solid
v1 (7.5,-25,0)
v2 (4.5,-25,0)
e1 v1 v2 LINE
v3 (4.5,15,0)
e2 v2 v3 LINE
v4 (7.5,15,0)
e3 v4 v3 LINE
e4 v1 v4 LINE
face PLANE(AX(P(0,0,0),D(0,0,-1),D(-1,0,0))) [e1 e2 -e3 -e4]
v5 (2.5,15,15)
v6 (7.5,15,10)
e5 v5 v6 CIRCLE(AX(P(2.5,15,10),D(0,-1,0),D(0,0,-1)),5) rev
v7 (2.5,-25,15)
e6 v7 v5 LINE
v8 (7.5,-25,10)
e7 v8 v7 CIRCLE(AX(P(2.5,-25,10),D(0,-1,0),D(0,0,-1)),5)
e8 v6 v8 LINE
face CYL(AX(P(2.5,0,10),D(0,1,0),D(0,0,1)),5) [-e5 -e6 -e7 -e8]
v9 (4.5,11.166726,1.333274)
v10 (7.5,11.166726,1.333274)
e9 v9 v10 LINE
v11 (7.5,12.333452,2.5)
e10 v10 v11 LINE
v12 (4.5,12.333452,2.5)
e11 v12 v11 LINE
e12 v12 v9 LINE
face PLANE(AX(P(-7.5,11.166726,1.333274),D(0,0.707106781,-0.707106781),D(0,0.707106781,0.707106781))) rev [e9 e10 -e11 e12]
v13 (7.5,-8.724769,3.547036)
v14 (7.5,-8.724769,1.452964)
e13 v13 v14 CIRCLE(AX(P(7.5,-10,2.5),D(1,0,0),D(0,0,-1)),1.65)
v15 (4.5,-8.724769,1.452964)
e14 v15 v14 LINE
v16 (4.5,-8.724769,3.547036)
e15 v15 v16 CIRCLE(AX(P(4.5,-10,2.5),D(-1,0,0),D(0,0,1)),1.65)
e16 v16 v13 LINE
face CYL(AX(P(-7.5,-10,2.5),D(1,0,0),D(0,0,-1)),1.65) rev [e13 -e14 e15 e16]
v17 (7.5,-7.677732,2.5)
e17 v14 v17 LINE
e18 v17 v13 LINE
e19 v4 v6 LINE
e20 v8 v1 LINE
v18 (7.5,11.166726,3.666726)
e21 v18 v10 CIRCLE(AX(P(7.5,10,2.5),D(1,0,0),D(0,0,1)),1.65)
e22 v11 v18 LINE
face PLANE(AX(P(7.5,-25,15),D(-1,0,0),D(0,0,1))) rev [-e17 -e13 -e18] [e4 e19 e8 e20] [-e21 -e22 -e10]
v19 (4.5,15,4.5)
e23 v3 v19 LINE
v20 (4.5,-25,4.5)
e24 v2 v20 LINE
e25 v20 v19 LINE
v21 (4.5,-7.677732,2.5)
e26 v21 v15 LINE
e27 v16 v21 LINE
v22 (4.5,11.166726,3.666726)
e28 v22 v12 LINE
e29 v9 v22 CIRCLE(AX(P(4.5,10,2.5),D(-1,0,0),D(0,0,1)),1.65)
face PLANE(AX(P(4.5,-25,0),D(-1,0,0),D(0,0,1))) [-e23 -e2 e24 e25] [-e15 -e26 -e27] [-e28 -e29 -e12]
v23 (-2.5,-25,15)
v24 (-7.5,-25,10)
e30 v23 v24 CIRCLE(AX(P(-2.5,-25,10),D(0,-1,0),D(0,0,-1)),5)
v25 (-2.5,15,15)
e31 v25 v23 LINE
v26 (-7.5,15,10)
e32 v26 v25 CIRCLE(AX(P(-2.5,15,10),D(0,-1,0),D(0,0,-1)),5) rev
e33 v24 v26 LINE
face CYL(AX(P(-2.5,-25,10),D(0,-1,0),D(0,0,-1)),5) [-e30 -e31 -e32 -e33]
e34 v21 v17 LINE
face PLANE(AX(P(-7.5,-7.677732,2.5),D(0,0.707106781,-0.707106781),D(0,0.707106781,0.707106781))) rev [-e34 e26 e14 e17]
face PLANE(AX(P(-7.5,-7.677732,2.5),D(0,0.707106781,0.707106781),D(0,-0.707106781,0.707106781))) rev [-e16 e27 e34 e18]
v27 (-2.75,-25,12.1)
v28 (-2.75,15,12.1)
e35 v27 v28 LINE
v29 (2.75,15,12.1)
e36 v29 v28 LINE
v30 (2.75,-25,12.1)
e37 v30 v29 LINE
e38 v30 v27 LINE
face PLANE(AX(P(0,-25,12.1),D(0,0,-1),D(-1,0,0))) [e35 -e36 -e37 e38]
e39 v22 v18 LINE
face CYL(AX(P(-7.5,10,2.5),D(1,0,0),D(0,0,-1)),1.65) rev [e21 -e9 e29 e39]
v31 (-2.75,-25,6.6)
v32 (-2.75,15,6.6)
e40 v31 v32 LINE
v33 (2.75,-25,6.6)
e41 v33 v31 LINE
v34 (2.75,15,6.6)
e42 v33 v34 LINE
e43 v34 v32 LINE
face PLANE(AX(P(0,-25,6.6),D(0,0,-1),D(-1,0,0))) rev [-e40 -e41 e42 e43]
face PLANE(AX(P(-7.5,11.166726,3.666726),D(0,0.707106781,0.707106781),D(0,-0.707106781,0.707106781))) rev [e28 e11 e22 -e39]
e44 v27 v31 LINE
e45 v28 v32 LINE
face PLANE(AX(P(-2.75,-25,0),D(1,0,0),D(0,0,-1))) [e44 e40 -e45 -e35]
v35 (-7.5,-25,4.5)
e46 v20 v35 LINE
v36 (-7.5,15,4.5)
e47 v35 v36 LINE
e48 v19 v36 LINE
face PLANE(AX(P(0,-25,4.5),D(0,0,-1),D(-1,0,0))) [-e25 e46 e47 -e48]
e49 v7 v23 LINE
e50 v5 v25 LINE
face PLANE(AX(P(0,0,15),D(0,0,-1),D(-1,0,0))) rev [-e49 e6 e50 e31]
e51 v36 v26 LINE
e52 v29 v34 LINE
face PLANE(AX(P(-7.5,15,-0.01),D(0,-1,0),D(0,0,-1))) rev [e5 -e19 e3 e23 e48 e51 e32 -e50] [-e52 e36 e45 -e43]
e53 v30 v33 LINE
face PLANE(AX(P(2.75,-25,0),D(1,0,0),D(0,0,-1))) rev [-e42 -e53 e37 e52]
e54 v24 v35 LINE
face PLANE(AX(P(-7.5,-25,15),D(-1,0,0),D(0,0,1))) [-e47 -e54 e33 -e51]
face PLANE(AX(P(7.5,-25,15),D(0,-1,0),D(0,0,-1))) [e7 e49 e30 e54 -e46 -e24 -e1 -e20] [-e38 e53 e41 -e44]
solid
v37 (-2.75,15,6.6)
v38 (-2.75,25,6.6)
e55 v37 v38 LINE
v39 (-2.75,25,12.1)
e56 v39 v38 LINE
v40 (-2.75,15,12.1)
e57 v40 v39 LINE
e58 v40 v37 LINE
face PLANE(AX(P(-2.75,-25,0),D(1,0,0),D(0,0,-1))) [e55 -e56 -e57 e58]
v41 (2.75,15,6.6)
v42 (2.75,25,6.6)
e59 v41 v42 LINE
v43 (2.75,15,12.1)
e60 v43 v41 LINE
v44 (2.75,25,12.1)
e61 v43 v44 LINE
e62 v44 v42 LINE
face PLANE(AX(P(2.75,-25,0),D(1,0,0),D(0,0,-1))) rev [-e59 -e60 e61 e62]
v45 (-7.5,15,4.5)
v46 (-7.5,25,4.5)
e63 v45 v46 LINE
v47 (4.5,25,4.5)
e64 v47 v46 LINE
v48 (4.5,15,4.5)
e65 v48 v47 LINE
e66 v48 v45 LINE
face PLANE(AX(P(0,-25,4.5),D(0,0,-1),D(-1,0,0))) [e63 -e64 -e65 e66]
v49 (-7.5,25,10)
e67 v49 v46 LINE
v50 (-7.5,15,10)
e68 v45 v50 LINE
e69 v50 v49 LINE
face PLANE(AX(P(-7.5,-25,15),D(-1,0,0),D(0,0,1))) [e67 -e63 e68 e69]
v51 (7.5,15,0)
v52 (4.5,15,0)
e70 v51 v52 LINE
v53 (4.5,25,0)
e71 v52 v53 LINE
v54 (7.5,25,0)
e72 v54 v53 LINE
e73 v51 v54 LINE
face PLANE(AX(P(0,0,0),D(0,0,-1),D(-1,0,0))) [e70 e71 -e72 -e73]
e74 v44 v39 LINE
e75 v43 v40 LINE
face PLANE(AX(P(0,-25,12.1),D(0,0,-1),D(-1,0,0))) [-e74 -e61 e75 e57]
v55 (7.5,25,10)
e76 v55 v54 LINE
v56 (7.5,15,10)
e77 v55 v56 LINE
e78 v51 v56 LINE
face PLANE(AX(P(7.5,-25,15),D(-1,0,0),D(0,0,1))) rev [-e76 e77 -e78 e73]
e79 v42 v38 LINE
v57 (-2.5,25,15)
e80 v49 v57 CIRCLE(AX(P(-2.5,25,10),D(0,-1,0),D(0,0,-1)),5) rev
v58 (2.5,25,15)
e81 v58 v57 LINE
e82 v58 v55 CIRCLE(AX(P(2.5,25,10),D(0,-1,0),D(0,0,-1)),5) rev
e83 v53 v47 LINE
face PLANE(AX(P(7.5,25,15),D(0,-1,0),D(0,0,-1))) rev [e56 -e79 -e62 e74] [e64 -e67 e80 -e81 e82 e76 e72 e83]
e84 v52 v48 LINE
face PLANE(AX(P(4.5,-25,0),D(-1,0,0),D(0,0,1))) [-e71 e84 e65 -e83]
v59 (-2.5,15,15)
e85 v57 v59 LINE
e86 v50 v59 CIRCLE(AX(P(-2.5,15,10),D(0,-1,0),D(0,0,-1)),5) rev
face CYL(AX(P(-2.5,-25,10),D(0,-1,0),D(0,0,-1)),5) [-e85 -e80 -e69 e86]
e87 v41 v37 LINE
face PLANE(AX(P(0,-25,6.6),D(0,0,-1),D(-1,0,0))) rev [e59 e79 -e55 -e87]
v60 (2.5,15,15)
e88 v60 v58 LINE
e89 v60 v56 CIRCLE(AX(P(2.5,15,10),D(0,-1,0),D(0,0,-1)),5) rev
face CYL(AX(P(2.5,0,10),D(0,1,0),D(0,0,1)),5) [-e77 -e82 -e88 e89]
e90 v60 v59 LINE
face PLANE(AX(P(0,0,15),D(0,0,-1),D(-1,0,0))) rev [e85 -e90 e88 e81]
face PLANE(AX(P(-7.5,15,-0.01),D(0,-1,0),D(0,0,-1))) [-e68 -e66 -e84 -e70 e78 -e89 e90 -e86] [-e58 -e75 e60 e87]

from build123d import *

# Parameters (mm, degrees)
SKETCH1_W              = 50
SKETCH1_H              = 15
BOSS_EXTRUDE1_DEPTH    = 15
SKETCH2_W              = 5.5
SKETCH2_H              = 5.5
SKETCH2_W_2            = 9
SKETCH2_H_2            = 4.5
CUT_EXTRUDE1_DEPTH     = 53.737557774
CUT_EXTRUDE2_DEPTH     = 33.787192622
FILLET1_R              = 5
SPLIT1_SURFACE_1_BACK  = 55.314
SPLIT1_SURFACE_1_DEPTH = 110.628
SPLIT1_SURFACE_2_BACK  = 55.314
SPLIT1_SURFACE_2_DEPTH = 110.628
SKETCH5_W              = 3
SKETCH5_H              = 4.5
CUT_EXTRUDE3_DEPTH     = 53.737557774


with BuildPart() as part:
    # Sketch1 → Boss-Extrude1 (new body)
    with BuildSketch(Plane(origin=(0, 0, 0), x_dir=(0, 1, 0), z_dir=(0, 0, 1))):
        Rectangle(SKETCH1_W, SKETCH1_H)
    extrude(amount=BOSS_EXTRUDE1_DEPTH)

    # Sketch2 → Cut-Extrude1 (cut, through all)
    with BuildSketch(Plane(origin=(0, 25, 0), x_dir=(-1, 0, 0), z_dir=(0, 1, 0))):
        with Locations((0, 9.35)):
            Rectangle(SKETCH2_W, SKETCH2_H)
        with Locations((0, 2.25)):
            Rectangle(SKETCH2_W_2, SKETCH2_H_2)
    extrude(amount=-CUT_EXTRUDE1_DEPTH, mode=Mode.SUBTRACT)

    # Sketch3 → Cut-Extrude2 (cut, through all)
    with BuildSketch(Plane.YZ.offset(7.5)):
        with BuildLine():
            Line((-7.677732328, 2.5), (-8.724768772, 3.547036444))
            ThreePointArc((-8.724768772, 3.547036444), (-11.65, 2.5), (-8.724768772, 1.452963556))
            Line((-8.724768772, 1.452963556), (-7.677732328, 2.5))
        make_face()
        with BuildLine():
            Line((11.166726189, 3.666726189), (12.333452378, 2.5))
            Line((12.333452378, 2.5), (11.166726189, 1.333273811))
            ThreePointArc((11.166726189, 1.333273811), (8.35, 2.5), (11.166726189, 3.666726189))
        make_face()
    extrude(amount=-CUT_EXTRUDE2_DEPTH, mode=Mode.SUBTRACT)

    # Fillet1
    fillet1_edges = [part.edges().sort_by_distance(p)[0] for p in [
        (7.5, 0, 15),
        (-7.5, 0, 15),
    ]]
    fillet(fillet1_edges, radius=FILLET1_R)


with BuildPart() as body_2:
    # Split1: the piece behind the surface
    add(part.part)
    # Split1 surface: a surface, the sketch's curves swept straight by 110.628 mm
    with BuildLine(Plane.XY.offset(15).offset(-SPLIT1_SURFACE_1_BACK), mode=Mode.PRIVATE) as split1_surface_1_path:
        Line((-7.5, 15), (7.5, 15))
    split1_surface_1 = Shell.extrude(split1_surface_1_path.wire(), (0 * SPLIT1_SURFACE_1_DEPTH, 0 * SPLIT1_SURFACE_1_DEPTH, 1 * SPLIT1_SURFACE_1_DEPTH))
    split(bisect_by=split1_surface_1, keep=Keep.BOTTOM)


with BuildPart() as part_1:
    add(part.part)

    # Split1: split by a surface, the side it looks to stays
    # Split1 surface: a surface, the sketch's curves swept straight by 110.628 mm
    with BuildLine(Plane.XY.offset(15).offset(-SPLIT1_SURFACE_2_BACK), mode=Mode.PRIVATE) as split1_surface_2_path:
        Line((-7.5, 15), (7.5, 15))
    split1_surface_2 = Shell.extrude(split1_surface_2_path.wire(), (0 * SPLIT1_SURFACE_2_DEPTH, 0 * SPLIT1_SURFACE_2_DEPTH, 1 * SPLIT1_SURFACE_2_DEPTH))
    split(bisect_by=split1_surface_2, keep=Keep.TOP)


with BuildPart() as cut_extrude3_tool:
    # Sketch5 → Cut-Extrude3 (new, through all)
    with BuildSketch(Plane(origin=(0, 25, 0), x_dir=(-1, 0, 0), z_dir=(0, 1, 0))):
        with Locations((6, 2.25)):
            Rectangle(SKETCH5_W, SKETCH5_H)
    extrude(amount=-CUT_EXTRUDE3_DEPTH)


with BuildPart() as part_2:
    add(part_1.part)

    # Cut-Extrude3: cut by cut_extrude3_tool
    add(cut_extrude3_tool.part, mode=Mode.SUBTRACT)


with BuildPart() as body_2_1:
    add(body_2.part)

    # Cut-Extrude3: cut by cut_extrude3_tool
    add(cut_extrude3_tool.part, mode=Mode.SUBTRACT)


solid = Compound([part_2.part, body_2_1.part])
